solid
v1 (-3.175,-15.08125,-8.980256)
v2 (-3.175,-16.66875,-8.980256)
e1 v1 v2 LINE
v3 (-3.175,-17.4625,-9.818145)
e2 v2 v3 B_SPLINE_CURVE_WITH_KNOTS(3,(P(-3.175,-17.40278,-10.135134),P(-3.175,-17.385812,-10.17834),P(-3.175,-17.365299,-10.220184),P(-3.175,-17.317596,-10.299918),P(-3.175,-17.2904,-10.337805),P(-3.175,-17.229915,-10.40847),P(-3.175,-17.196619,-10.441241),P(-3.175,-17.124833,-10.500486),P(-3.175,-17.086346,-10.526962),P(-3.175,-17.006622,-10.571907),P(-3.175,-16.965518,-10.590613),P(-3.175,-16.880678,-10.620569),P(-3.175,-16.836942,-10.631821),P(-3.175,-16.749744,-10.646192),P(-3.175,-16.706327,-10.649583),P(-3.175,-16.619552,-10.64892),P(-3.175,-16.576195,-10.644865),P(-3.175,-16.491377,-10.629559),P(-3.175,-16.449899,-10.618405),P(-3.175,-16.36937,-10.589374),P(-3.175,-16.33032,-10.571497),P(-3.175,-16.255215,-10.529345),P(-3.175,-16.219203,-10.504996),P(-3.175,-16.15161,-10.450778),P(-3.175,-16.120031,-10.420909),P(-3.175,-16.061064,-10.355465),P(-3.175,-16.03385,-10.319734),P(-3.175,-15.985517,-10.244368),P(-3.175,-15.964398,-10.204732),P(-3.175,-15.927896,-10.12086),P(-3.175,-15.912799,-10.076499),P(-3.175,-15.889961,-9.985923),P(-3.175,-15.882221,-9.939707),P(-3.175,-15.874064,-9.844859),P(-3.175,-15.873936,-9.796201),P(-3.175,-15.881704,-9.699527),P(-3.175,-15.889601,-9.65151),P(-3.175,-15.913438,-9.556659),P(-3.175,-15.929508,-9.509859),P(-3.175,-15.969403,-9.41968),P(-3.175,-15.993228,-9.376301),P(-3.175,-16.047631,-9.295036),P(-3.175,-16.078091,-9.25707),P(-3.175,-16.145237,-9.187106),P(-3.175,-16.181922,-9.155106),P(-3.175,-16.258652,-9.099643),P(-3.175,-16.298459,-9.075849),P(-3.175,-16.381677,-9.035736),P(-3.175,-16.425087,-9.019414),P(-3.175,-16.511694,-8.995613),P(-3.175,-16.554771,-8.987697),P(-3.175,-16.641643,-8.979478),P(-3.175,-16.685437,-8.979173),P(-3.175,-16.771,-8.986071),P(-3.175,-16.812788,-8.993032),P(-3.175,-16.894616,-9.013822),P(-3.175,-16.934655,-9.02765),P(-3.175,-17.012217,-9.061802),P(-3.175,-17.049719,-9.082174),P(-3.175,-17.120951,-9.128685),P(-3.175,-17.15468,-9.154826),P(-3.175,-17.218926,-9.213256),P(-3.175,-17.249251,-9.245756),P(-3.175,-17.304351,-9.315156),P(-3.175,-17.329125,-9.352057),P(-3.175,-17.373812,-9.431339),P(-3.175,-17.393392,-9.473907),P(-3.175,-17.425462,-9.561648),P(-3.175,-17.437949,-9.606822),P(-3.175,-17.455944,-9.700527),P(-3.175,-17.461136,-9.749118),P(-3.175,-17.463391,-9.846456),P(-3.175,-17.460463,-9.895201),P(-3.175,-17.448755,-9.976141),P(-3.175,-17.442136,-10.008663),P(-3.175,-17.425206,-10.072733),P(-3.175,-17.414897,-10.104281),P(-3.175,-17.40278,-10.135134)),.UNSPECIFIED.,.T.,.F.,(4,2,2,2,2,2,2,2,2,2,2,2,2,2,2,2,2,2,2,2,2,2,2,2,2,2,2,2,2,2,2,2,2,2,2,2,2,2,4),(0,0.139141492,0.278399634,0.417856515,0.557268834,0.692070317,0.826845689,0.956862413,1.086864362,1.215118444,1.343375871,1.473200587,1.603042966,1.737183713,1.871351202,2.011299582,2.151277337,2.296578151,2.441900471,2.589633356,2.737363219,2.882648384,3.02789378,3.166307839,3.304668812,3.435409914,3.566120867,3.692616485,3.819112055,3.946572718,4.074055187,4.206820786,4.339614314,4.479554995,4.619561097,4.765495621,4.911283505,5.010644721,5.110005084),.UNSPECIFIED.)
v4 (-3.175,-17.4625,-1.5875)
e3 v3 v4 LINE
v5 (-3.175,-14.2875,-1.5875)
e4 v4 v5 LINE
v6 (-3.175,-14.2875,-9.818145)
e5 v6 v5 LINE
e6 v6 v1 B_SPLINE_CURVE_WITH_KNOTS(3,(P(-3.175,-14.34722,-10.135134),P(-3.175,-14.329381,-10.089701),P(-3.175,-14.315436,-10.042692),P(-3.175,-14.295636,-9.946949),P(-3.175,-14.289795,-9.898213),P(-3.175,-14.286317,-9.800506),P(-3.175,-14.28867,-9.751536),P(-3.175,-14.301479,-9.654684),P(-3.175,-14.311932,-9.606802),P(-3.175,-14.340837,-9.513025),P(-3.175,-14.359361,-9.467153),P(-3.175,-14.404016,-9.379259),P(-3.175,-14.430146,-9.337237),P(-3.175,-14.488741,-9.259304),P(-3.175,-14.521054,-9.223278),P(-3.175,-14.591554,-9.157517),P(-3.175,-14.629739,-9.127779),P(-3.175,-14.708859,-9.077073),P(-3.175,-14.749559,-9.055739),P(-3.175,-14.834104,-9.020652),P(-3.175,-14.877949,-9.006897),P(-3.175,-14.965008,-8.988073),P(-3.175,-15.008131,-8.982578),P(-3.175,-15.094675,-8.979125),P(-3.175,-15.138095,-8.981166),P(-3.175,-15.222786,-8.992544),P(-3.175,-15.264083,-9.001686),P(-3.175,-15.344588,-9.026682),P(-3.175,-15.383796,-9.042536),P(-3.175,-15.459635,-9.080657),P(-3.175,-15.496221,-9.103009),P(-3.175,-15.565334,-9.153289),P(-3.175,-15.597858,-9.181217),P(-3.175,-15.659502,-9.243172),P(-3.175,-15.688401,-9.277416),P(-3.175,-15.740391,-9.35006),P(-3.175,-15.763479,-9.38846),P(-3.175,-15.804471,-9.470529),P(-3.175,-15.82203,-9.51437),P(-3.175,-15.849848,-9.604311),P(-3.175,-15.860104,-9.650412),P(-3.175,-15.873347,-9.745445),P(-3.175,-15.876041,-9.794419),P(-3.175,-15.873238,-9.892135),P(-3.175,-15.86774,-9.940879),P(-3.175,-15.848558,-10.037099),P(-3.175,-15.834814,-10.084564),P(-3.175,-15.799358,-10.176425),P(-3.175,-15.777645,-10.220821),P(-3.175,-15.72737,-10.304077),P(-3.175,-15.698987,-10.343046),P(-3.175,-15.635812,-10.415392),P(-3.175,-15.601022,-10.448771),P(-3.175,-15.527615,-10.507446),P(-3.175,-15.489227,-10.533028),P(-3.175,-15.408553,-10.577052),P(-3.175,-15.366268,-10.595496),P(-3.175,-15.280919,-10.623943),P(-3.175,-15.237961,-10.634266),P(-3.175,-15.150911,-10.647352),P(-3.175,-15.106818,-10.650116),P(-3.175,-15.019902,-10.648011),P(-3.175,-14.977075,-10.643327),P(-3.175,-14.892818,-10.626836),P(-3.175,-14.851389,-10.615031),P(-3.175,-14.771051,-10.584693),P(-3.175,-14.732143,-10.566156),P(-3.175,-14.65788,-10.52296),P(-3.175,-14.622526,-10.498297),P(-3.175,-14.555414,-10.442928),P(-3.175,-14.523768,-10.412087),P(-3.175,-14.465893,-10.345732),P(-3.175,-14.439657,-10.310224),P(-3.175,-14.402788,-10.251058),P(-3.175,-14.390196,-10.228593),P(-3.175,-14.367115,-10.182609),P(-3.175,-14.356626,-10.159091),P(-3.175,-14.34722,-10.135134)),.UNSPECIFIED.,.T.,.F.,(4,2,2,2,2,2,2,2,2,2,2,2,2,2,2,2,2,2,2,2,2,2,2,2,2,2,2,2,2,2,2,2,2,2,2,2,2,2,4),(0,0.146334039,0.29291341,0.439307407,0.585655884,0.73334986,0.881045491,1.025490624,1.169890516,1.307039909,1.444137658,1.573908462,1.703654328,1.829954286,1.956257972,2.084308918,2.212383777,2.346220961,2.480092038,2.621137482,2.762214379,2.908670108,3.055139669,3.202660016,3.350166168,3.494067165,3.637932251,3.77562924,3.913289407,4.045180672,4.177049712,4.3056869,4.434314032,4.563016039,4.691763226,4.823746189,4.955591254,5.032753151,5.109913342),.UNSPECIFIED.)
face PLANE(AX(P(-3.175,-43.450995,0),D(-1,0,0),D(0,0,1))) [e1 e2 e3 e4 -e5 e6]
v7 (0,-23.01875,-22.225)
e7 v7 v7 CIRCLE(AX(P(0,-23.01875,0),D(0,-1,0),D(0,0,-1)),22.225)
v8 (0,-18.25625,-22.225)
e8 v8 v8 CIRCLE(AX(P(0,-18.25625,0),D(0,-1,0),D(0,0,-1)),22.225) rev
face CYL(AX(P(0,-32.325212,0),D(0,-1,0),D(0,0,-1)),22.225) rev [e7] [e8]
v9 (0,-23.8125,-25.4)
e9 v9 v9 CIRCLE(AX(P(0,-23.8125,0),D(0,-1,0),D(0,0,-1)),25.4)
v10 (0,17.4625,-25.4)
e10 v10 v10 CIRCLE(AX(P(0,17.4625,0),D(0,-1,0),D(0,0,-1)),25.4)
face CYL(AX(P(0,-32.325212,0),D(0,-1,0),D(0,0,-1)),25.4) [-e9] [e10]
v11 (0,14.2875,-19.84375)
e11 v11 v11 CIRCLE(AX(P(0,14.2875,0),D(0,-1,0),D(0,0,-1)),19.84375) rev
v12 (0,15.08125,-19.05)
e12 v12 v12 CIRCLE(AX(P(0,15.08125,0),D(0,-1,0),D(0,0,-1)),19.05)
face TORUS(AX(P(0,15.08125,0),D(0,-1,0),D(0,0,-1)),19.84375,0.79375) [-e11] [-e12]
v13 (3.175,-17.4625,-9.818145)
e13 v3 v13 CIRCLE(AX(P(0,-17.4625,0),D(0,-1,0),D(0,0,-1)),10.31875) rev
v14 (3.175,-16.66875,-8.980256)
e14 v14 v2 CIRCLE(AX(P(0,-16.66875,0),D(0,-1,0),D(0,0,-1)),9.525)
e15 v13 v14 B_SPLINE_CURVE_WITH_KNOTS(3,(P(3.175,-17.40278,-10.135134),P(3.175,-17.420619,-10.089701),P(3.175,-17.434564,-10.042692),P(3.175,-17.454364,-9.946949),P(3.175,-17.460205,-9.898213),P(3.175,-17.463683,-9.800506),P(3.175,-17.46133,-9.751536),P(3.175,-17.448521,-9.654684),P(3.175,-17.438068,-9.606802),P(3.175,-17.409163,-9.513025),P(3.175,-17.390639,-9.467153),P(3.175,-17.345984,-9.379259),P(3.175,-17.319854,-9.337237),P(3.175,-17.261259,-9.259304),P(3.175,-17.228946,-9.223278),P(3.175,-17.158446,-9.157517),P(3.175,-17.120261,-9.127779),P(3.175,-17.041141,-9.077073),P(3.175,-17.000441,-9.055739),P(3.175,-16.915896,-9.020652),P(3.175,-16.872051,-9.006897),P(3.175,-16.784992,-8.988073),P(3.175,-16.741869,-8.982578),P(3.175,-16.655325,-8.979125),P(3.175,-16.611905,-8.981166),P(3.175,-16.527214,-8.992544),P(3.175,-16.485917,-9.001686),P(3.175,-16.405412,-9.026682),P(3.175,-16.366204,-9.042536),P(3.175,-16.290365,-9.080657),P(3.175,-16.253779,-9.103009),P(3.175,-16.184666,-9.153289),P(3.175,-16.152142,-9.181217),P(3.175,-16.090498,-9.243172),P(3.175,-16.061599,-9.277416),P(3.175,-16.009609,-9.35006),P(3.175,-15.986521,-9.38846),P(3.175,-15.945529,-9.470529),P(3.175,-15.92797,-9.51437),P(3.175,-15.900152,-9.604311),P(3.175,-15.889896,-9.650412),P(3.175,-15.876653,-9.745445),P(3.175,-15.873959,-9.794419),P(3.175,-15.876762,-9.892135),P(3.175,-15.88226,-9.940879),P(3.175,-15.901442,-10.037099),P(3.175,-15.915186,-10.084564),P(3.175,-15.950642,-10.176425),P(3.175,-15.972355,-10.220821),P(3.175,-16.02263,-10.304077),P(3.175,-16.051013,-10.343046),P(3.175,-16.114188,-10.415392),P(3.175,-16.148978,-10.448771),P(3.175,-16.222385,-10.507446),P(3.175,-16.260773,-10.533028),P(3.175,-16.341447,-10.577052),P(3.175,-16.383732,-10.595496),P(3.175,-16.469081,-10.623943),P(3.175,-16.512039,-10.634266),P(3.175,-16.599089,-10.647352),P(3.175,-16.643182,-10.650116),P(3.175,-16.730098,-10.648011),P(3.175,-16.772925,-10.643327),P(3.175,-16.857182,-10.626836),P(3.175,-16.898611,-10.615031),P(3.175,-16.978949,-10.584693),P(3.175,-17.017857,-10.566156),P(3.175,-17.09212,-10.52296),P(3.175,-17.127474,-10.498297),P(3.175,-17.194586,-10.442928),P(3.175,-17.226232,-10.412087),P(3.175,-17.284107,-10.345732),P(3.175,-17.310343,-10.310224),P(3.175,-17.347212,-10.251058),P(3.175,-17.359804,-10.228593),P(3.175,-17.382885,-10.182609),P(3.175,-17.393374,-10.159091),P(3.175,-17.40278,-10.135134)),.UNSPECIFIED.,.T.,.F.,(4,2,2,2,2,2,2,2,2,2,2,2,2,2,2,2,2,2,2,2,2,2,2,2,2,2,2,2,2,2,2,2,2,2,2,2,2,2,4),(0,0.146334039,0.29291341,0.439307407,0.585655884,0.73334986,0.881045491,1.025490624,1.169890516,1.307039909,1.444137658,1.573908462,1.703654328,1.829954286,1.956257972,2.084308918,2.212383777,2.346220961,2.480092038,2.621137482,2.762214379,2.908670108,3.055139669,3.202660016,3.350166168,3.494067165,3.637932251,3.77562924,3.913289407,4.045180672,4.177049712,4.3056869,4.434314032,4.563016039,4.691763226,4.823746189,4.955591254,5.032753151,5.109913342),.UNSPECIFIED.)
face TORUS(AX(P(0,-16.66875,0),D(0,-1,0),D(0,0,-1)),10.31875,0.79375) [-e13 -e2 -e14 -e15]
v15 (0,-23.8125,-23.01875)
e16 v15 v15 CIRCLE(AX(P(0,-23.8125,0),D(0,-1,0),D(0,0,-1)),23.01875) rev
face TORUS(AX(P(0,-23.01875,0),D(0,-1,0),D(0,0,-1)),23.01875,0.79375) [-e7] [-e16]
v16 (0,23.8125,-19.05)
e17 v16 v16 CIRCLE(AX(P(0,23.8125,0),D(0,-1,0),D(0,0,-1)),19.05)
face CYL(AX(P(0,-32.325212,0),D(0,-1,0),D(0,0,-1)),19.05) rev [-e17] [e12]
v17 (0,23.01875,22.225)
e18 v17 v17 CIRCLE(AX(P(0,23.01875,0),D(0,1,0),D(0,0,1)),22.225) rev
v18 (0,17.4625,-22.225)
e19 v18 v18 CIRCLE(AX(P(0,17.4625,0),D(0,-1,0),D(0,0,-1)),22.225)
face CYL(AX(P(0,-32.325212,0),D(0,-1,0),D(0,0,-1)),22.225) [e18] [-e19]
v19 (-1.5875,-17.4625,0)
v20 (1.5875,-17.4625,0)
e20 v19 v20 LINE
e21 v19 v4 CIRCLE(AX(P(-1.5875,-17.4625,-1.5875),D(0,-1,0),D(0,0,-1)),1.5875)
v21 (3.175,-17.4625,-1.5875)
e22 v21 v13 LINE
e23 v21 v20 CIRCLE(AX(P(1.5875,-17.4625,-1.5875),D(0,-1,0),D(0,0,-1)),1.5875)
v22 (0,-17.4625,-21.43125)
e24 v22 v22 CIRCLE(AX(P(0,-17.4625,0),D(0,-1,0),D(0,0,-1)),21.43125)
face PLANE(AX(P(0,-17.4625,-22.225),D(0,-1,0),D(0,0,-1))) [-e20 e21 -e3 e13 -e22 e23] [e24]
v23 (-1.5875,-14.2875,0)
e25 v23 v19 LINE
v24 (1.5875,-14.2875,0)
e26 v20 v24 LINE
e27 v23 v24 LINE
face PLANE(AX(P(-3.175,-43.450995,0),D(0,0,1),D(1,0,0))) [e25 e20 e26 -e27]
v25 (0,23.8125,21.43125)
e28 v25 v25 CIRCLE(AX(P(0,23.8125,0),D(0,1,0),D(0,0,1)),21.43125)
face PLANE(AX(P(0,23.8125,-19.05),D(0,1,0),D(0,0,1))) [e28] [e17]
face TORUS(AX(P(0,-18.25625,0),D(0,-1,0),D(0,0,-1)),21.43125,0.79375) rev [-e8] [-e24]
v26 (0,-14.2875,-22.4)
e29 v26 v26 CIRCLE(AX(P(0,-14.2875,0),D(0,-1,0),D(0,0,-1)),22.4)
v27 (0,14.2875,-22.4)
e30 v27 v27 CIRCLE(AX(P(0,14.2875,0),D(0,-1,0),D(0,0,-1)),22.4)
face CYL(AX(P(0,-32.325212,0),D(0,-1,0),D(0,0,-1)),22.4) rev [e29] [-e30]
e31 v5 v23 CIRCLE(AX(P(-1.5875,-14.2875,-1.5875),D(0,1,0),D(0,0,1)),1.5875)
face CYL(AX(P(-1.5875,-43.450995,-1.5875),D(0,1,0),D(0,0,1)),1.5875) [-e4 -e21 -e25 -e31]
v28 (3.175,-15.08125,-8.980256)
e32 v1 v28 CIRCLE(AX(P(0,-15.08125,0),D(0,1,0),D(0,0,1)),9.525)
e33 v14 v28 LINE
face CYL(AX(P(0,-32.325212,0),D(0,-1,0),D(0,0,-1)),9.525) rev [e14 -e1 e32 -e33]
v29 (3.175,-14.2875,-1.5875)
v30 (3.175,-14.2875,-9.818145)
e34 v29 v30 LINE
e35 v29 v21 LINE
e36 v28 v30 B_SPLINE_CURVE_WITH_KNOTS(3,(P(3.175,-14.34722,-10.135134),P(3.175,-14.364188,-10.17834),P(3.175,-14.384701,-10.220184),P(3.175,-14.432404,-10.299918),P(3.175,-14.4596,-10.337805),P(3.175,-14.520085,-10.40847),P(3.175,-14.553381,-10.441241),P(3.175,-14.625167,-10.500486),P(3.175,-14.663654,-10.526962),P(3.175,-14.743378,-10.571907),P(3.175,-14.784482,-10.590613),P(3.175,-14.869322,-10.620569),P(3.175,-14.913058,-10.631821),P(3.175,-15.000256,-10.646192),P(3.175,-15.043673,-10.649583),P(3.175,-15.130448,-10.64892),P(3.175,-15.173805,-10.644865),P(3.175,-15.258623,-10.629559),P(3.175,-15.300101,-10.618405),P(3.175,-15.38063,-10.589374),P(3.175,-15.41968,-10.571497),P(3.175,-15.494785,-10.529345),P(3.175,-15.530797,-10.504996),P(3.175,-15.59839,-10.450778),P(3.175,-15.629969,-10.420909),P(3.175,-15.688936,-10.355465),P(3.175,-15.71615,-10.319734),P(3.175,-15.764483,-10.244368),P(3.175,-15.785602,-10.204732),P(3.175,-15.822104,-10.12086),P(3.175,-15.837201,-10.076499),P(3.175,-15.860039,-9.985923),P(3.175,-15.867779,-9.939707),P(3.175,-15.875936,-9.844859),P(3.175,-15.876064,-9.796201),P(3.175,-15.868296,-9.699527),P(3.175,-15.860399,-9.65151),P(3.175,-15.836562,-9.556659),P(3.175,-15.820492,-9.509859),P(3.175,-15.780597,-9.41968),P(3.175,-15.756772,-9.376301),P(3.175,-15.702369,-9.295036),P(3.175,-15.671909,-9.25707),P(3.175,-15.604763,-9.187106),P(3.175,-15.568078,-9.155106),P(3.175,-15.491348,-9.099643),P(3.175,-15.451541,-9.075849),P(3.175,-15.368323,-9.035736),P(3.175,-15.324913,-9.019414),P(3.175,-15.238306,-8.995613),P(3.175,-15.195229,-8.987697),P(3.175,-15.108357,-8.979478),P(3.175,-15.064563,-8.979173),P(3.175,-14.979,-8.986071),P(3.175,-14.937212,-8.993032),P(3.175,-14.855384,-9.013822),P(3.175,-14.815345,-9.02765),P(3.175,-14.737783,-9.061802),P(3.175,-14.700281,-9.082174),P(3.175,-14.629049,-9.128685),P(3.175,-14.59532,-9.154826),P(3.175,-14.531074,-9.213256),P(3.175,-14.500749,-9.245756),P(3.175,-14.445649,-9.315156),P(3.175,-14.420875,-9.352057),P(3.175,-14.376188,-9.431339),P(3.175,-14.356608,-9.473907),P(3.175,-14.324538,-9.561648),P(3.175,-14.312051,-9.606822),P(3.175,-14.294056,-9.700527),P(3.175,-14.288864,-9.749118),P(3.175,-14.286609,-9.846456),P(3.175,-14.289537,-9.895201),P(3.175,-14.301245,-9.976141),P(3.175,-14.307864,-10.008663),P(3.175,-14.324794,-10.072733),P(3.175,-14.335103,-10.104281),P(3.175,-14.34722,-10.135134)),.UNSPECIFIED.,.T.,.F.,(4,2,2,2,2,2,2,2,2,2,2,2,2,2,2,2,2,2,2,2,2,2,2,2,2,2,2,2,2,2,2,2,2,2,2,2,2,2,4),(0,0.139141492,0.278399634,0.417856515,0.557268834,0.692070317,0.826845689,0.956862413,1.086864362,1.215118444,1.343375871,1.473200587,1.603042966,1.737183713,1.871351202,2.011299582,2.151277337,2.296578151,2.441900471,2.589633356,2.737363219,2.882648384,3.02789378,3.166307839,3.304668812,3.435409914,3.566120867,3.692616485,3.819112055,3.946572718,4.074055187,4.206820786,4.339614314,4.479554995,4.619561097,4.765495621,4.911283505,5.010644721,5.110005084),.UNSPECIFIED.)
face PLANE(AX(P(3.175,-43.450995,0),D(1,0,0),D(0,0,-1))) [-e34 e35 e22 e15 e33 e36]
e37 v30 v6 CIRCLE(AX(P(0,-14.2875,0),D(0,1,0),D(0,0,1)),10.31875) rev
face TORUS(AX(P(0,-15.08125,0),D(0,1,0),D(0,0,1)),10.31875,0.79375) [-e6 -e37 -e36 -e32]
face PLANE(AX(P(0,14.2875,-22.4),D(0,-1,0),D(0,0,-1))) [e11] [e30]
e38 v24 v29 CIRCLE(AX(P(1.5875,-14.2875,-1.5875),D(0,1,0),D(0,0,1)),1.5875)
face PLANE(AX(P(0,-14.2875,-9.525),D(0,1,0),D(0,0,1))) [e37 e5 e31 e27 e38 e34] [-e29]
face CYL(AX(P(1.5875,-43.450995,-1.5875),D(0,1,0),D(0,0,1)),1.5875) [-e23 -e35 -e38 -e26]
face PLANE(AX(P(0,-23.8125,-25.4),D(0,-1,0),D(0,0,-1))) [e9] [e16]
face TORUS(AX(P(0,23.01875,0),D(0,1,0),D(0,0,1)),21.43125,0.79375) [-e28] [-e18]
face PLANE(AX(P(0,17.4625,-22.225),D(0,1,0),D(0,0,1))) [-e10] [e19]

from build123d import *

# Parameters (mm, degrees)
FILLET1_R           = 0.79375
SKETCH2_W           = 6.35
SKETCH2_H           = 25.200781238
BOSS_EXTRUDE1_DEPTH = 3.175
FILLET2_R           = 1.5875


with BuildPart() as part:
    # Sketch1 → Revolve1 (revolve)
    with BuildSketch(Plane(origin=(0, 0, 0), x_dir=(0, 0, -1), z_dir=(1, 0, 0))):
        Polygon((22.225, 23.8125), (22.225, 17.4625), (25.4, 17.4625), (25.4, -23.8125), (22.225, -23.8125), (22.225, -17.4625), (9.525, -17.4625), (9.525, -14.2875), (22.4, -14.2875), (22.4, 14.2875), (19.05, 14.2875), (19.05, 23.8125), align=None)
    revolve(axis=Axis((0, -32.325211936, 0), (0, 1, 0)))

    # Fillet1
    fillet1_edges = [part.edges().sort_by_distance(p)[0] for p in [
        (0, -14.2875, 9.525),
        (0, -17.4625, 9.525),
        (0, -17.4625, 22.225),
        (0, -23.8125, 22.225),
        (0, 23.8125, 22.225),
        (0, 14.2875, 19.05),
    ]]
    fillet(fillet1_edges, radius=FILLET1_R)

    # Sketch2 → Boss-Extrude1 (add)
    with BuildSketch(Plane(origin=(0, -14.2875, 0), x_dir=(1, 0, 0), z_dir=(0, 1, 0))):
        with Locations((0, 12.600390619)):
            Rectangle(SKETCH2_W, SKETCH2_H)
    extrude(amount=-BOSS_EXTRUDE1_DEPTH)

    # Fillet2
    fillet2_edges = [part.edges().sort_by_distance(p)[0] for p in [
        (3.175, -15.875, 0),
        (-3.175, -15.875, 0),
    ]]
    fillet(fillet2_edges, radius=FILLET2_R)


solid = part.part
